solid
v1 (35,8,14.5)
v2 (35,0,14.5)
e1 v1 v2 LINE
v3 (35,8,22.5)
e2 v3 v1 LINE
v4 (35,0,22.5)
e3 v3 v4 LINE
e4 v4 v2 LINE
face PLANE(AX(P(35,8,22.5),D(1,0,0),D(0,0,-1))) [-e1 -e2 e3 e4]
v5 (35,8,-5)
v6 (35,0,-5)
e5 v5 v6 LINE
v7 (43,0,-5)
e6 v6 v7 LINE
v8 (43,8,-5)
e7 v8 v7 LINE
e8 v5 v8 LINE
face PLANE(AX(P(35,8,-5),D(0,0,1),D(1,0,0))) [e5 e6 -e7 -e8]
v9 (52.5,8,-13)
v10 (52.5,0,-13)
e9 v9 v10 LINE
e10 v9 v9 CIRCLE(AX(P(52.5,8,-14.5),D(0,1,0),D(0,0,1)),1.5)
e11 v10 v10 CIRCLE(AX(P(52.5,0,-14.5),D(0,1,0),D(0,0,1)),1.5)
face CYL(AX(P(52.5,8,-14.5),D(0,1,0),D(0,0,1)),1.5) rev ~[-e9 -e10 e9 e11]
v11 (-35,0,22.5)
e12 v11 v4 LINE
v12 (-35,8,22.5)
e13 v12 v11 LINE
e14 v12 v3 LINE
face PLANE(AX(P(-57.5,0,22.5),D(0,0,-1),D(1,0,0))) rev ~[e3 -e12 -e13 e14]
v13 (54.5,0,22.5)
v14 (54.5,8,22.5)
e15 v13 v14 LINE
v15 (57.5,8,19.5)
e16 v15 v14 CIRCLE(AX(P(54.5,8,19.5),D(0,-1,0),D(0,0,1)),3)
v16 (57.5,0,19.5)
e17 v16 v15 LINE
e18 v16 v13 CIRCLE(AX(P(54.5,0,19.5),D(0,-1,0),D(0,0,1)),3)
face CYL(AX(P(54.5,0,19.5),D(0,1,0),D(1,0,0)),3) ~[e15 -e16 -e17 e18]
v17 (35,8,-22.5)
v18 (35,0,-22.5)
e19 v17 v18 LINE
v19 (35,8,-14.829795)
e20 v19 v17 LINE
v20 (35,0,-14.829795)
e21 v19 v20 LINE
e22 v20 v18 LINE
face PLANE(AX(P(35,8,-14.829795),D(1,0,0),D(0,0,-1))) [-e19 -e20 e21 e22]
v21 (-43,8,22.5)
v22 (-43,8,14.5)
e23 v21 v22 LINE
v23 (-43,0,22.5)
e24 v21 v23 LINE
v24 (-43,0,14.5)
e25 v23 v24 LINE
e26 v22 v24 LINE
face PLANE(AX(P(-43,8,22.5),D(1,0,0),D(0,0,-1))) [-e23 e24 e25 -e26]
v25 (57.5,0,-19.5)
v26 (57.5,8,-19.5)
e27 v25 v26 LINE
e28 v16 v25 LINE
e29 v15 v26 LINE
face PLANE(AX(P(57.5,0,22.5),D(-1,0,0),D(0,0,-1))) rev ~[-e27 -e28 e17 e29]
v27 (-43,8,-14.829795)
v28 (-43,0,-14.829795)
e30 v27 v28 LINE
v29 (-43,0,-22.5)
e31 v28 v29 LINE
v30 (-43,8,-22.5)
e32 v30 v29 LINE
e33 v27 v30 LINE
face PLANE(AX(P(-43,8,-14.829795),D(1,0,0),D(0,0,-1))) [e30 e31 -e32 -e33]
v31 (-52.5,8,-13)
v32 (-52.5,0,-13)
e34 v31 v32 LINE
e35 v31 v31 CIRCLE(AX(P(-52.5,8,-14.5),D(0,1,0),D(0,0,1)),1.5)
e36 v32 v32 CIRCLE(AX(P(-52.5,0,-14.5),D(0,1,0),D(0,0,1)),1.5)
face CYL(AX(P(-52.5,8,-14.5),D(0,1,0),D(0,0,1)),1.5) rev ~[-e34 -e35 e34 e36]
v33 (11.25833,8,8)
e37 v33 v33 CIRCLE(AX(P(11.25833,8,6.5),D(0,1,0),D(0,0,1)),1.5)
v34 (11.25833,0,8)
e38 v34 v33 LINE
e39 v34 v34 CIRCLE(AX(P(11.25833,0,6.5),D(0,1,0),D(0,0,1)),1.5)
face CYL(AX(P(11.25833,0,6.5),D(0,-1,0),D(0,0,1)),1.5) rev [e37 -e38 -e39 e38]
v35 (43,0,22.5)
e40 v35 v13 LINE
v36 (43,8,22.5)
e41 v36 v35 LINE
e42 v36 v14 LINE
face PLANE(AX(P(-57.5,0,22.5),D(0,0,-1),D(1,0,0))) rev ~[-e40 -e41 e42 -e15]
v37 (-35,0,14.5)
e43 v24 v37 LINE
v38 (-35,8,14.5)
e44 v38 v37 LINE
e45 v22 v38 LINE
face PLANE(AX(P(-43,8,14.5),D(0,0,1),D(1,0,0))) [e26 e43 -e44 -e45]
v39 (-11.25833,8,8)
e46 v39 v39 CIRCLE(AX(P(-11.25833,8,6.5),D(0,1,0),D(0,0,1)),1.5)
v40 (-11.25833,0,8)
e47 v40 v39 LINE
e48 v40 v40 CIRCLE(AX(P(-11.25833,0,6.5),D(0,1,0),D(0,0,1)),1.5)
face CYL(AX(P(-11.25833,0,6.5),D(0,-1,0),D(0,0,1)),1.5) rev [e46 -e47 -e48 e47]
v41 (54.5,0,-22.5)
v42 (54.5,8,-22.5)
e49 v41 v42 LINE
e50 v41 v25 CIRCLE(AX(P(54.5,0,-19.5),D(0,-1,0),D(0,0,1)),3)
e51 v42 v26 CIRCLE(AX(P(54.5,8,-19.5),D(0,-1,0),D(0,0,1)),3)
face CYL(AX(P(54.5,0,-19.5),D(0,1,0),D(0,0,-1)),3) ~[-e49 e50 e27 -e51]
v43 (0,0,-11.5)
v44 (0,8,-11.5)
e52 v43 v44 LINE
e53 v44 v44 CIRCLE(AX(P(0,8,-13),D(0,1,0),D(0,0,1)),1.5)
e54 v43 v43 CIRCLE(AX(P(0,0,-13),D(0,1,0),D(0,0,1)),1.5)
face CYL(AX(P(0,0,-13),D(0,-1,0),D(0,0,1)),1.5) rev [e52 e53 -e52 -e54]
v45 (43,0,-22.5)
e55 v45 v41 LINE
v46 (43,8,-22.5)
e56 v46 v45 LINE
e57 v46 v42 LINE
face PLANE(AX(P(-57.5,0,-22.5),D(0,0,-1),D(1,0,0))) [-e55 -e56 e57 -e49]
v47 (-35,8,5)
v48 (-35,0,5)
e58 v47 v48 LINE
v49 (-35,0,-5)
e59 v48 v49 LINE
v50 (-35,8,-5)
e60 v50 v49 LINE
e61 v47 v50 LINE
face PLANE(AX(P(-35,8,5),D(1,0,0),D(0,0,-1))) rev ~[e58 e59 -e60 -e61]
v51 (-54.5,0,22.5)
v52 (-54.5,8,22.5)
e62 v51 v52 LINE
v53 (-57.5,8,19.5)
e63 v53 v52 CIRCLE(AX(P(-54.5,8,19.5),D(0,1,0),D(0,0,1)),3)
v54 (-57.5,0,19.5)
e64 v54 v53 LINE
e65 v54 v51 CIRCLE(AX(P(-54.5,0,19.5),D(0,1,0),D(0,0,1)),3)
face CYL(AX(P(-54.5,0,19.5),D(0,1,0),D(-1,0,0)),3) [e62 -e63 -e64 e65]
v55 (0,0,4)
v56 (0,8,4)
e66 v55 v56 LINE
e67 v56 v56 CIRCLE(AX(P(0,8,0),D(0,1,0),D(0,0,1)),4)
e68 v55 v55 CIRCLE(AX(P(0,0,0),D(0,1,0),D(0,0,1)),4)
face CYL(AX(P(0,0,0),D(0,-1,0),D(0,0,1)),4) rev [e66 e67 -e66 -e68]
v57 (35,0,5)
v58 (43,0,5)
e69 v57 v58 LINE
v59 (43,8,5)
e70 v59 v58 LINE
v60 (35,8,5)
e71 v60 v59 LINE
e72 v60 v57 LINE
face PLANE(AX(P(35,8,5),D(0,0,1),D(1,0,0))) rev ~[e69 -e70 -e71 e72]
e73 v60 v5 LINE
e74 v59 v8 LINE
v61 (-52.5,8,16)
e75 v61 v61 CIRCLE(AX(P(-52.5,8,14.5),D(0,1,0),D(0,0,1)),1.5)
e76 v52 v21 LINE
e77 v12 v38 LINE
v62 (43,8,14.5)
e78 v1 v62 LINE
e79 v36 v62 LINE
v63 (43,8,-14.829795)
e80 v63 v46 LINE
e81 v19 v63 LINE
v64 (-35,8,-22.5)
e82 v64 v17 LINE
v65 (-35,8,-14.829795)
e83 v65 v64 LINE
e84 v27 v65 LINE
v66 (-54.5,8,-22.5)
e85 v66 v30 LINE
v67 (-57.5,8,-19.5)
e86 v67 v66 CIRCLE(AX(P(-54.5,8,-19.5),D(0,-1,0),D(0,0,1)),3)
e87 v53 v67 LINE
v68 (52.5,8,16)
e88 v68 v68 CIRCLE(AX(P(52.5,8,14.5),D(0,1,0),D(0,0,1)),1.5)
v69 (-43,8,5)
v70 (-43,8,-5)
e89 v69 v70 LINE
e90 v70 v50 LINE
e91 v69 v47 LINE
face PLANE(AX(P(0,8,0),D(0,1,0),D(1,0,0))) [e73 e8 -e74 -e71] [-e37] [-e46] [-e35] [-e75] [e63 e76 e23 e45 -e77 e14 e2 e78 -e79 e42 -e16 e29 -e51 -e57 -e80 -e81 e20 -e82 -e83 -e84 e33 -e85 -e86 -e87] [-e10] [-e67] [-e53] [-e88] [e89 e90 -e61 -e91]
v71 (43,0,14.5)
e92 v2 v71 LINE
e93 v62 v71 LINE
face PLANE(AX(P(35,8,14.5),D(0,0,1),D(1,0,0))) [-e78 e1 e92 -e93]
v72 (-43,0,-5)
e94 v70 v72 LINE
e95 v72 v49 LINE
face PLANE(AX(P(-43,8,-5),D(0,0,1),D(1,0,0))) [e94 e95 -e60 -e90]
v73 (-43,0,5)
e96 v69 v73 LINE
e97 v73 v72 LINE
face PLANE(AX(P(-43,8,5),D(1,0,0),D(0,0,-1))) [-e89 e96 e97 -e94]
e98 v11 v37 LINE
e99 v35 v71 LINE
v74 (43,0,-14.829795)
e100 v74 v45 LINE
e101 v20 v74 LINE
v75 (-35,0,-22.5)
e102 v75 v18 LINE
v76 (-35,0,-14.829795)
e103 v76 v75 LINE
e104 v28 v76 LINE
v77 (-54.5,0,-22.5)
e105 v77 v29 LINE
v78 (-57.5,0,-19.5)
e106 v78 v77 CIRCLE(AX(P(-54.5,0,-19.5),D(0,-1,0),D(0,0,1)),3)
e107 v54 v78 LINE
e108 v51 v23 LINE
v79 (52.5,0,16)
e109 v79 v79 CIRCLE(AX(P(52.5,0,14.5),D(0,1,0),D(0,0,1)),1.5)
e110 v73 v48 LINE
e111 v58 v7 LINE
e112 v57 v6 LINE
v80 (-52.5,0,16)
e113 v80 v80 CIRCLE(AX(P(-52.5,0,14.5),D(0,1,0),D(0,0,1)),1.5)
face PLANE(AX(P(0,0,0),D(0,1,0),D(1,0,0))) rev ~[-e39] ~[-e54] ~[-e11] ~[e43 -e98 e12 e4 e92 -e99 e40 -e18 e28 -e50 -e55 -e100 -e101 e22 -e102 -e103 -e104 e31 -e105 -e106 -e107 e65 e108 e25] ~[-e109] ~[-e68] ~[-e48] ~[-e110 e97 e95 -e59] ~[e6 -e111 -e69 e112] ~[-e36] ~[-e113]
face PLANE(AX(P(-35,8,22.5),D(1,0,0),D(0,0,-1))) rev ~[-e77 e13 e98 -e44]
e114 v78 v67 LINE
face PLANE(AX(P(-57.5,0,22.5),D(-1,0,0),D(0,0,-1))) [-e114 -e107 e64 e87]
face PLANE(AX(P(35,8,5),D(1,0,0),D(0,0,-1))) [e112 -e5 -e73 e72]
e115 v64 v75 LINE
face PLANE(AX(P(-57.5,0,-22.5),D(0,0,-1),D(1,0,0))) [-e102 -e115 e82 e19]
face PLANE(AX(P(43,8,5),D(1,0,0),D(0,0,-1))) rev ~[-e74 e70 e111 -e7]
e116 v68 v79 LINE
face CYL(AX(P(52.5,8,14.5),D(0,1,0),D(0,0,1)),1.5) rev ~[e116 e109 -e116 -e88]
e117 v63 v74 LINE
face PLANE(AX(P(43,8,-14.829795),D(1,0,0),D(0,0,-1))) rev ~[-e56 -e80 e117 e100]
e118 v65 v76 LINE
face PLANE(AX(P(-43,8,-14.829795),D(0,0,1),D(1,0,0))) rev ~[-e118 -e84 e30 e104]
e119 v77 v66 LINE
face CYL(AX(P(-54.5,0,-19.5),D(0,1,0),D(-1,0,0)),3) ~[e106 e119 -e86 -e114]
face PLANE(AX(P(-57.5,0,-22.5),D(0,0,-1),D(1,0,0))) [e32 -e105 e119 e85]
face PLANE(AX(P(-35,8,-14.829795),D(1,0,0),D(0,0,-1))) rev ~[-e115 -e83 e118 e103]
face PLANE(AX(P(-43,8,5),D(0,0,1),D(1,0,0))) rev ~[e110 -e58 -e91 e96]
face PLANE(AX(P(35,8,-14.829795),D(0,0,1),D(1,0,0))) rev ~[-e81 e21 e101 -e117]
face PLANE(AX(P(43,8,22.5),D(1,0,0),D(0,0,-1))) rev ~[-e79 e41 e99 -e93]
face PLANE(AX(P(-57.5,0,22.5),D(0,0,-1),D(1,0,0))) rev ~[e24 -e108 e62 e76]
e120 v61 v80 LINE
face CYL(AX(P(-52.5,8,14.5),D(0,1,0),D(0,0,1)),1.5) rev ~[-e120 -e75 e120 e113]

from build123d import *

# Parameters (mm, degrees)
SKETCH1_W           = 115
SKETCH1_H           = 45
SKETCH1_R           = 4
SKETCH1_R_2         = 1.5
BOSS_EXTRUDE1_DEPTH = 8
SKETCH2_W           = 8
SKETCH2_H           = 10
SKETCH2_H_2         = 8
CUT_EXTRUDE1_DEPTH  = 16
FILLET1_R           = 3
SKETCH4_R           = 1.5
CUT_EXTRUDE2_DEPTH  = 16


with BuildPart() as part:
    # Sketch1 → Boss-Extrude1 (new body)
    with BuildSketch(Plane(origin=(0, 0, 0), x_dir=(1, 0, 0), z_dir=(0, 1, 0))):
        Rectangle(SKETCH1_W, SKETCH1_H)
        with Locations(Location((0, 0, 0), (0, 0, 270))):
            Circle(SKETCH1_R, mode=Mode.SUBTRACT)
        with Locations(Location((0, 13, 0), (0, 0, 270))):
            Circle(SKETCH1_R_2, mode=Mode.SUBTRACT)
        with Locations(Location((11.258330249, -6.5, 0), (0, 0, 270))):
            Circle(SKETCH1_R_2, mode=Mode.SUBTRACT)
        with Locations(Location((-11.258330249, -6.5, 0), (0, 0, 270))):
            Circle(SKETCH1_R_2, mode=Mode.SUBTRACT)
    extrude(amount=BOSS_EXTRUDE1_DEPTH)

    # Sketch2 → Cut-Extrude1 (cut)
    with BuildSketch(Plane(origin=(0, 8, 0), x_dir=(1, 0, 0), z_dir=(0, 1, 0))):
        with Locations((-39, 0)):
            Rectangle(SKETCH2_W, SKETCH2_H)
        with Locations((-39, 18.82979477)):
            Rectangle(SKETCH2_W, SKETCH2_H_2)
        with Locations((39, 18.82979477)):
            Rectangle(SKETCH2_W, SKETCH2_H_2)
        with Locations((39, 0)):
            Rectangle(SKETCH2_W, SKETCH2_H)
        with Locations((-39, -18.5)):
            Rectangle(SKETCH2_W, SKETCH2_H_2)
        with Locations((39, -18.5)):
            Rectangle(SKETCH2_W, SKETCH2_H_2)
    extrude(amount=-CUT_EXTRUDE1_DEPTH, mode=Mode.SUBTRACT)

    # Fillet1
    fillet1_edges = [part.edges().sort_by_distance(p)[0] for p in [
        (-57.5, 4, 22.5),
        (-57.5, 4, -22.5),
        (57.5, 4, -22.5),
        (57.5, 4, 22.5),
    ]]
    fillet(fillet1_edges, radius=FILLET1_R)

    # Sketch4 → Cut-Extrude2 (cut)
    with BuildSketch(Plane(origin=(0, 8, 0), x_dir=(1, 0, 0), z_dir=(0, 1, 0))):
        with Locations(Location((52.5, 14.5, 0), (0, 0, 270))):
            Circle(SKETCH4_R)
        with Locations(Location((-52.5, 14.5, 0), (0, 0, 270))):
            Circle(SKETCH4_R)
        with Locations(Location((-52.5, -14.5, 0), (0, 0, 270))):
            Circle(SKETCH4_R)
        with Locations(Location((52.5, -14.5, 0), (0, 0, 270))):
            Circle(SKETCH4_R)
    extrude(amount=-CUT_EXTRUDE2_DEPTH, mode=Mode.SUBTRACT)


solid = part.part
